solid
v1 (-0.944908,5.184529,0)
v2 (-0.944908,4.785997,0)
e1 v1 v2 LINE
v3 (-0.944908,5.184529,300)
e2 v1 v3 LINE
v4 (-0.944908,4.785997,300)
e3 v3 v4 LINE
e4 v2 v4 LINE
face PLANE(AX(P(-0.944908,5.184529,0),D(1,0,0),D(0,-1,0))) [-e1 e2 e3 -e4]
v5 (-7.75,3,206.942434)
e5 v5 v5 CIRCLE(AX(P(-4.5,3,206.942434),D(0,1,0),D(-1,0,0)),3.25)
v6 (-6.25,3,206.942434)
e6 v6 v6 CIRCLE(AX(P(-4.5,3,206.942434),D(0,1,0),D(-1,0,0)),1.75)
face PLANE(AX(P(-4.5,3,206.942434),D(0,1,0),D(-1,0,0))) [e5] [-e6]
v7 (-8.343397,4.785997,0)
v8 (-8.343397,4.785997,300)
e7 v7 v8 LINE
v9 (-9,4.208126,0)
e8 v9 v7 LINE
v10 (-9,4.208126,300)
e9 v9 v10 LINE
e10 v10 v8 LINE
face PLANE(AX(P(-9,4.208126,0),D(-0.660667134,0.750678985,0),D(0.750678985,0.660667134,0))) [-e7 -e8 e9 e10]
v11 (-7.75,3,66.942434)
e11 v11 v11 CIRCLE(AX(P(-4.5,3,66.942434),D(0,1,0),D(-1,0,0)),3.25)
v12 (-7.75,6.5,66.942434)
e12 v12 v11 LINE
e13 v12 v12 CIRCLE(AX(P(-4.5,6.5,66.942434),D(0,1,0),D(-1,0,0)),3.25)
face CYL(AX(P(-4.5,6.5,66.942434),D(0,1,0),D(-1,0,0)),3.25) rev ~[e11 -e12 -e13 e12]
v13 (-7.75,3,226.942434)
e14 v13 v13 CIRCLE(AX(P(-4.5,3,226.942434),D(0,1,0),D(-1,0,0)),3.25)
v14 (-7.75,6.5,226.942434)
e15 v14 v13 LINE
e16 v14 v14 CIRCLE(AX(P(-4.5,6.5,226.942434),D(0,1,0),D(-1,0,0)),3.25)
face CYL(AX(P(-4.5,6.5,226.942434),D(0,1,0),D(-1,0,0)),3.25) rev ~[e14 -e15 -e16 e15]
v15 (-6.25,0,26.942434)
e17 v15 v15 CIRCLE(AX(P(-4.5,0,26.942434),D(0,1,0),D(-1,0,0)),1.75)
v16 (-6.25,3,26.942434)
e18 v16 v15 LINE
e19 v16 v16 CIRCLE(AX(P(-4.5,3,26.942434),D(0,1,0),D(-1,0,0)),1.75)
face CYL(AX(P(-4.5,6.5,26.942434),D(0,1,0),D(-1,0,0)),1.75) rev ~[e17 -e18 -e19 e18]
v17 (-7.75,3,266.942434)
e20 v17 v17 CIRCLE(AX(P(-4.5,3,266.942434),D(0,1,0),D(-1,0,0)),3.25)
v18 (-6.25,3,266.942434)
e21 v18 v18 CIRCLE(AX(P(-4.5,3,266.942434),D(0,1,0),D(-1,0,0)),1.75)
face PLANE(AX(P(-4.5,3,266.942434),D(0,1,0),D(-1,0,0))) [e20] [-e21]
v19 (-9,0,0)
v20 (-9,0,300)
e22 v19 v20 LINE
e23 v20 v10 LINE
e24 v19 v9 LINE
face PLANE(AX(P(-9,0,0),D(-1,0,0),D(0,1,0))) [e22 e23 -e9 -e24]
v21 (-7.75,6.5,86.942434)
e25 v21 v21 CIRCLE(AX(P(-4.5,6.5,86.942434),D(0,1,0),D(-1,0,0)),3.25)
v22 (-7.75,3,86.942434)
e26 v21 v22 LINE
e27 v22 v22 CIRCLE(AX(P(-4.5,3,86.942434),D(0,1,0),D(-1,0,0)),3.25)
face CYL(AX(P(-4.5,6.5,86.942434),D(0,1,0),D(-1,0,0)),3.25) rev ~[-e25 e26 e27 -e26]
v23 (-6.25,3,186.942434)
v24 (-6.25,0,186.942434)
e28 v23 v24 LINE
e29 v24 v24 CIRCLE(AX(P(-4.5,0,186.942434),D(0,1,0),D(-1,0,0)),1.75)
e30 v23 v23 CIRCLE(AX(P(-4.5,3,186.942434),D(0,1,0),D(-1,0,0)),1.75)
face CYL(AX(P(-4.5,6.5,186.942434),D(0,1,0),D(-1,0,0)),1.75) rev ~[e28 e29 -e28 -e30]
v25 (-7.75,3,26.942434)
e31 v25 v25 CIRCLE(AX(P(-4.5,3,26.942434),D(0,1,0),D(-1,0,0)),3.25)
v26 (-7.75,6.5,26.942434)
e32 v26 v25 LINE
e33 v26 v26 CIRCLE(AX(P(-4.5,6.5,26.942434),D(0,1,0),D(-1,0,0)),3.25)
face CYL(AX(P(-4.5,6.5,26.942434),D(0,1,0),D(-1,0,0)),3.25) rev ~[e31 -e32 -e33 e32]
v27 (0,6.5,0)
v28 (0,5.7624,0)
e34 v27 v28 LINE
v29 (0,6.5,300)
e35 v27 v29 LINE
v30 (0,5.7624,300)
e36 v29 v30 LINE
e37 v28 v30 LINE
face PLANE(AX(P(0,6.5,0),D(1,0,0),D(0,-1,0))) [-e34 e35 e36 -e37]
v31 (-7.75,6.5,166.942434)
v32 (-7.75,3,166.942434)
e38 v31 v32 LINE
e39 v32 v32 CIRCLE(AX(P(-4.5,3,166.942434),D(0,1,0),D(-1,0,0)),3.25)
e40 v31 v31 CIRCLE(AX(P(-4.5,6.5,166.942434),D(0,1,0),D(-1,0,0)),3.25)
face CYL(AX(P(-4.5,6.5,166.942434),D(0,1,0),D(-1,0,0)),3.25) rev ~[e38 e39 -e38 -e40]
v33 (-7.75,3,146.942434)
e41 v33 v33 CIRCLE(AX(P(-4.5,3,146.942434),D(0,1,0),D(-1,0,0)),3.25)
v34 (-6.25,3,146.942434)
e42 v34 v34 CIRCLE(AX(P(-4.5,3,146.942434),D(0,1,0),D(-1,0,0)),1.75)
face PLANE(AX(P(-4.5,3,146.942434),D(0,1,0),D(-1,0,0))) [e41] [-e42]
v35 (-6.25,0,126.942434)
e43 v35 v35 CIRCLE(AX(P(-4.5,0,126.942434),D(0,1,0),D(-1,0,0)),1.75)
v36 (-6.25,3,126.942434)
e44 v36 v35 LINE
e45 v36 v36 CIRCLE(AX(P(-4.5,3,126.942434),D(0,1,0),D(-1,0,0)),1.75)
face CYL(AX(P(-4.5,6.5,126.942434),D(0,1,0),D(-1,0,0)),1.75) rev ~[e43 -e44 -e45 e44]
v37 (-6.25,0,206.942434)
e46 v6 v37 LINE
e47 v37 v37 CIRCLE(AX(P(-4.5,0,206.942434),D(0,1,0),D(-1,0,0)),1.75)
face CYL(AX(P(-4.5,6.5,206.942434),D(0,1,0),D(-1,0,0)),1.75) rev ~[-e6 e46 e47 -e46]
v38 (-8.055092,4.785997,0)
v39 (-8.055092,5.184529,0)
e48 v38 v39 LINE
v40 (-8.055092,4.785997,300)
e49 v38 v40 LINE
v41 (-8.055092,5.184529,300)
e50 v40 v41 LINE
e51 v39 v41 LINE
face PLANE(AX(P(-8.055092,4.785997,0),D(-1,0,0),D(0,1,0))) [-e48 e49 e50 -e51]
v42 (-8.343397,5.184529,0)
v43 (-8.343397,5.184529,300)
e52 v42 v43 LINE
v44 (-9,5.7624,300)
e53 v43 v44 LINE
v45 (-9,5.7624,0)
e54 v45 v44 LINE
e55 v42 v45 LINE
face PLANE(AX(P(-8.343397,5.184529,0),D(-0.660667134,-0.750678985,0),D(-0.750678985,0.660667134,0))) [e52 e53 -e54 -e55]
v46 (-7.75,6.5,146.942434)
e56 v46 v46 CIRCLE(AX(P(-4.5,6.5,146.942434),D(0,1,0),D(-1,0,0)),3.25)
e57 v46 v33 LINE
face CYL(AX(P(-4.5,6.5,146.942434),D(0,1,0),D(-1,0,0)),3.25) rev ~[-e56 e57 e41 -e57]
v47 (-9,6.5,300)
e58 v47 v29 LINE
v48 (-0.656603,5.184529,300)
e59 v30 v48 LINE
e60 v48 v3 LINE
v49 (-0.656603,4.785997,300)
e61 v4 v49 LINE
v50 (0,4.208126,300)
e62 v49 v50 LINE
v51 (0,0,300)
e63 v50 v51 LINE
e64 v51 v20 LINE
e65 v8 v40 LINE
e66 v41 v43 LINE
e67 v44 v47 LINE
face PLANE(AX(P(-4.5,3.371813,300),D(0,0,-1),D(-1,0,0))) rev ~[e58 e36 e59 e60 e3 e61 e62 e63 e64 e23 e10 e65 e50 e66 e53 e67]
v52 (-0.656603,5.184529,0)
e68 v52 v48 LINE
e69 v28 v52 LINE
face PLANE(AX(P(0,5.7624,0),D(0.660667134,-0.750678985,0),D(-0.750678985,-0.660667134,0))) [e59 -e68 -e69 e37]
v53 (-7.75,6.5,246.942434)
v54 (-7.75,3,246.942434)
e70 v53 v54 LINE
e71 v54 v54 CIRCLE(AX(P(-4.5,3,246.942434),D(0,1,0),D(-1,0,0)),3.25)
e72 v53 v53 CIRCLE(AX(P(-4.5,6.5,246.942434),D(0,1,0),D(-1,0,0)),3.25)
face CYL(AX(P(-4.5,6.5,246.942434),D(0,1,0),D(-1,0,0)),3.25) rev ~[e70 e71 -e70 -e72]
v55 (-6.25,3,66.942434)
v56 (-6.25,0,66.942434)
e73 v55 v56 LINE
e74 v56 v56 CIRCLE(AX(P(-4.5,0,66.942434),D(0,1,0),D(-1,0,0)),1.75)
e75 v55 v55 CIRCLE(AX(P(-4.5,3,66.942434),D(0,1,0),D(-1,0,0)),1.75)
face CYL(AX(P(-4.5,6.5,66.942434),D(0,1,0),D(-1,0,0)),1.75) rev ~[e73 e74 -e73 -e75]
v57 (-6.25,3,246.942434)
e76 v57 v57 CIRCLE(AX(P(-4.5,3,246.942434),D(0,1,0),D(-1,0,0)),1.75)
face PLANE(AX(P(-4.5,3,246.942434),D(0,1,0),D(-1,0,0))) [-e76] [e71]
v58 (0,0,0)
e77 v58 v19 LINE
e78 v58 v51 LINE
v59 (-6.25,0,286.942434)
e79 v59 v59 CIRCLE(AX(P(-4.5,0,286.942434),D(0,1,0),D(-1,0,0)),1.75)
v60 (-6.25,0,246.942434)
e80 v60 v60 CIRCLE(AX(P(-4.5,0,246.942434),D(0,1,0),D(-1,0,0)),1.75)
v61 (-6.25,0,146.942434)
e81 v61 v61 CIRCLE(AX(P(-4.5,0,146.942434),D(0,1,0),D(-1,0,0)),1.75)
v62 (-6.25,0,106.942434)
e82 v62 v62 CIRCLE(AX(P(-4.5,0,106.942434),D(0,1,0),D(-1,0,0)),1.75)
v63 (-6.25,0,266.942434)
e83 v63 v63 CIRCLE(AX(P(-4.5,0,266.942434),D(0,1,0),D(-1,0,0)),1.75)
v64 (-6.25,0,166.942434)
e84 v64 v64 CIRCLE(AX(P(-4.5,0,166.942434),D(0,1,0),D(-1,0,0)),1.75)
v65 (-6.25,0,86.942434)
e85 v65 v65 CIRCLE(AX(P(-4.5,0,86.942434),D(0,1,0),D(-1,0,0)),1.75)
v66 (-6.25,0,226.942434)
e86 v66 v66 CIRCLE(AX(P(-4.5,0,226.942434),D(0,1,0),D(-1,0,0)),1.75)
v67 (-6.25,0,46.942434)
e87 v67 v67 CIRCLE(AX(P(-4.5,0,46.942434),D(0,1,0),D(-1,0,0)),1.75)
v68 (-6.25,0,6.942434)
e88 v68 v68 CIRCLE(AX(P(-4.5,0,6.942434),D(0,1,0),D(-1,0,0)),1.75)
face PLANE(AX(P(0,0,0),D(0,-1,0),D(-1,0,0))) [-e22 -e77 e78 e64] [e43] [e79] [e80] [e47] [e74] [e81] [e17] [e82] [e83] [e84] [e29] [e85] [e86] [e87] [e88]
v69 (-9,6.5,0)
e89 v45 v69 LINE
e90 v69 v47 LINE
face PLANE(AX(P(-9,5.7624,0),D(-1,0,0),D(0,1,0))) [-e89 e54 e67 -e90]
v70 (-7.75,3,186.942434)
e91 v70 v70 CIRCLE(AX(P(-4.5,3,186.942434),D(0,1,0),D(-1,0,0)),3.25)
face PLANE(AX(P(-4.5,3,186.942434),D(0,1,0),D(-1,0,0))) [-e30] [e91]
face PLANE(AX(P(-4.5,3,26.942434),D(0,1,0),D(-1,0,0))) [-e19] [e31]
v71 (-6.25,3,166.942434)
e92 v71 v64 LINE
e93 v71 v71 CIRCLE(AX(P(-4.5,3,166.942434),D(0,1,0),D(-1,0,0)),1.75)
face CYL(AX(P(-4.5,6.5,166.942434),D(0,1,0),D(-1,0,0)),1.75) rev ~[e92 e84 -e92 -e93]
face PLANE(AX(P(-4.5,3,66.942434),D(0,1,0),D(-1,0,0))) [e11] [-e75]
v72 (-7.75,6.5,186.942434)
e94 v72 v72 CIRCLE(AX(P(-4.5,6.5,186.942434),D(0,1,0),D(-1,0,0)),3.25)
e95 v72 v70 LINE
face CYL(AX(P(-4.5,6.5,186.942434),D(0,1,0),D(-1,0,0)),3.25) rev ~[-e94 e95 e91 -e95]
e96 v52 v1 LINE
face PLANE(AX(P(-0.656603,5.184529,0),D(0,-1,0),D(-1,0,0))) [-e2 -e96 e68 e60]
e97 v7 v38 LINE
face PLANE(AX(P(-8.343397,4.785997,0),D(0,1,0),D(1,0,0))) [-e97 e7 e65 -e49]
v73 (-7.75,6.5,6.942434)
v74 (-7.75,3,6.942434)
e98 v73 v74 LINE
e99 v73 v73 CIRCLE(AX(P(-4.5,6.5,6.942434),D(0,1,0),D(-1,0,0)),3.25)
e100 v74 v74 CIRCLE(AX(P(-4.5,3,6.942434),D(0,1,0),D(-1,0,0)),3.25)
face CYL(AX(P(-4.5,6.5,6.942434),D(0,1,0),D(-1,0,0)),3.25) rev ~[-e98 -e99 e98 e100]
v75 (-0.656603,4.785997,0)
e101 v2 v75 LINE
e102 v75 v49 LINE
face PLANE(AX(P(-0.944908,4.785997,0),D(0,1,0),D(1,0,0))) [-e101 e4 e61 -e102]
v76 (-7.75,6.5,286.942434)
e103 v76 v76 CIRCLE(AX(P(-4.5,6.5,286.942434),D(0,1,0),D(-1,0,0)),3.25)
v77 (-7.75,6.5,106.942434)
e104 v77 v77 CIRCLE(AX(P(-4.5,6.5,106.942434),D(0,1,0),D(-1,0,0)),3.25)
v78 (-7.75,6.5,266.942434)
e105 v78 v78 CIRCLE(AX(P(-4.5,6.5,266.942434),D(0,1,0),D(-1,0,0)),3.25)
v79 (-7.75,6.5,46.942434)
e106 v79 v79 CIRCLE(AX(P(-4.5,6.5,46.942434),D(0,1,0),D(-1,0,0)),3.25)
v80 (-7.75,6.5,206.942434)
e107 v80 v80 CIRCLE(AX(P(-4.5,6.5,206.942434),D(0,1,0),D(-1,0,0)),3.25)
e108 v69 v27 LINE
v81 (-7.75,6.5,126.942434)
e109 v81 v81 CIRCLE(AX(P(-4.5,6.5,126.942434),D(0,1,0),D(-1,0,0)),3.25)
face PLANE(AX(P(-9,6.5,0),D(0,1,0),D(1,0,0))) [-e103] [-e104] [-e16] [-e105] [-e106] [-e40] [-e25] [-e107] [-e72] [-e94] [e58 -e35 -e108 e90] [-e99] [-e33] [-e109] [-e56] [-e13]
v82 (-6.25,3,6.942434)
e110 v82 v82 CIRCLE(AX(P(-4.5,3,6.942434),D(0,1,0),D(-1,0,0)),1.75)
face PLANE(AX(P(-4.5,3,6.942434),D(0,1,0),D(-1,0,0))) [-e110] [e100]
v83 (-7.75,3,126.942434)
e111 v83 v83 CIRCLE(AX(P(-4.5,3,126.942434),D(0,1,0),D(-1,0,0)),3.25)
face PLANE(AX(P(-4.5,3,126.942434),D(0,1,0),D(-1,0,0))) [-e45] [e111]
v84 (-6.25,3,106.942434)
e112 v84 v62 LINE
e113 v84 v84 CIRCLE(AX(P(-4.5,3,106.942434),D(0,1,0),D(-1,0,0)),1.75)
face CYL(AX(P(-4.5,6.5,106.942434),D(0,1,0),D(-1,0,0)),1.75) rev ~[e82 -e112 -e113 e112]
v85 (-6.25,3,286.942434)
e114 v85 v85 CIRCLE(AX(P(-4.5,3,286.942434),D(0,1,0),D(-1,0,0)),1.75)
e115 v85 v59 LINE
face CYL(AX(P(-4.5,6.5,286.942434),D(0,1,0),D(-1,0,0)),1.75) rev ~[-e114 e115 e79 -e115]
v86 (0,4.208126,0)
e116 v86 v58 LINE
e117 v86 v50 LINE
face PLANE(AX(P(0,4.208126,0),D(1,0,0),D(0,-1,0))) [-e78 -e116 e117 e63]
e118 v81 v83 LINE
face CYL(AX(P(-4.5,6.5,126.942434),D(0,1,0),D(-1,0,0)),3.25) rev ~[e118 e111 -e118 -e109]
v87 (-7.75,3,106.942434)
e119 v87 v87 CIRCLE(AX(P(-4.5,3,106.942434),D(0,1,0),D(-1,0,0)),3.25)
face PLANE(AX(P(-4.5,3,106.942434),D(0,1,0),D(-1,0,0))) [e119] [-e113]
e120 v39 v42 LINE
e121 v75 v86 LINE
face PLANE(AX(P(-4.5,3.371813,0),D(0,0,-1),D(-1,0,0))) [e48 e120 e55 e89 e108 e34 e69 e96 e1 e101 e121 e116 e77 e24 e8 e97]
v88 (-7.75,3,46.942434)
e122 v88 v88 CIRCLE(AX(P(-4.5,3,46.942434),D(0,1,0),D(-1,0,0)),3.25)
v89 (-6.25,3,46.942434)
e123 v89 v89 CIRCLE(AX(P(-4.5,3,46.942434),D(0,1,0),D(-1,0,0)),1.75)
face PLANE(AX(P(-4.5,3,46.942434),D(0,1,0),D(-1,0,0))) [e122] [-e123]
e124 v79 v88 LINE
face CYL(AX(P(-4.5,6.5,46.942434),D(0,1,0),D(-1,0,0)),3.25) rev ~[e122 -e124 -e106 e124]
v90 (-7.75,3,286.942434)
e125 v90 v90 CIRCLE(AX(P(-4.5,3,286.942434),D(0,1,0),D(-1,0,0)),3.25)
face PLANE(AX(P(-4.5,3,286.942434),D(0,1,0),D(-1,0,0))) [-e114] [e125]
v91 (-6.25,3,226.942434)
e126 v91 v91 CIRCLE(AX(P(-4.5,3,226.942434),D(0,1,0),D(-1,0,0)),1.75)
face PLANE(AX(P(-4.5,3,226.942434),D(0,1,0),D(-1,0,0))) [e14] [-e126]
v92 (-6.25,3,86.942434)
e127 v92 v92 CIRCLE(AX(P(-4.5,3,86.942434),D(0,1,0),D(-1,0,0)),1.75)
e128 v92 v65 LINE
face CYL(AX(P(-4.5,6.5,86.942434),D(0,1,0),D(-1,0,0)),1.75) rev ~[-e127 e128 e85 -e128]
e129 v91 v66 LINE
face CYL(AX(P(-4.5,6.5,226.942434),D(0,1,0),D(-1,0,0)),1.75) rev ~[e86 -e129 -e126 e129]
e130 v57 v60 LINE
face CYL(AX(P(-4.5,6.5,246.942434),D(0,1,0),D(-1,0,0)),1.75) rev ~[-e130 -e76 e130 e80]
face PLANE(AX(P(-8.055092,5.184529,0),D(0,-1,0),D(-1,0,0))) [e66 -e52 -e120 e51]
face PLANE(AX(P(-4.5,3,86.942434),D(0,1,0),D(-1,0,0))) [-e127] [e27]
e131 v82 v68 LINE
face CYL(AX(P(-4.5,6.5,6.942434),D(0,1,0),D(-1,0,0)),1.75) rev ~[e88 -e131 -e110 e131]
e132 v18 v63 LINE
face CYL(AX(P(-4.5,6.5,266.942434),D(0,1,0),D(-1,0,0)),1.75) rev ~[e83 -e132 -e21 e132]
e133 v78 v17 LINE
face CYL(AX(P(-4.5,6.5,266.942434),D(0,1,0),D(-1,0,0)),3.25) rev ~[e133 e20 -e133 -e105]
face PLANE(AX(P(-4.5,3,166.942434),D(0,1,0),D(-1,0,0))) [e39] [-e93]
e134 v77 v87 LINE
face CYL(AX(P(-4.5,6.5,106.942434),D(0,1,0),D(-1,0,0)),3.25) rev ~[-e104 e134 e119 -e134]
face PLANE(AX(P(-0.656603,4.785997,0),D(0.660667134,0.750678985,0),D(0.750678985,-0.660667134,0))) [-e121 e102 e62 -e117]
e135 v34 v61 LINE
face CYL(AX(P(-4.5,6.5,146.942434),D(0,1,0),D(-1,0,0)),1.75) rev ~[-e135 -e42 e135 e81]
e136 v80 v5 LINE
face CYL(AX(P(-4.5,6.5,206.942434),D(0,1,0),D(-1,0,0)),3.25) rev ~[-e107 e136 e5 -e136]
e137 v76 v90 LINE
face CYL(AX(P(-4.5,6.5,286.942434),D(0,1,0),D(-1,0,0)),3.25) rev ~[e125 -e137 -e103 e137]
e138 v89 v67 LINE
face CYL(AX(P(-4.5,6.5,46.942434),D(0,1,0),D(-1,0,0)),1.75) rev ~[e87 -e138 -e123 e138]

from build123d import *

# Parameters (mm, degrees)
EXTRUDE_1_DEPTH     = 300
SKETCH_2_R          = 1.75
CUT_EXTRUDE_3_DEPTH = 440
SKETCH_3_R          = 3.25
CUT_EXTRUDE_4_DEPTH = 3.5


with BuildPart() as part:
    # 草图1 → 凸台-拉伸1 (new body)
    with BuildSketch(Plane.XY):
        Polygon((0, 0), (-9, 0), (-9, 4.208125846), (-8.343397225, 4.785997189), (-8.055092033, 4.785997189), (-8.055092033, 5.184529149), (-8.343397225, 5.184529149), (-9, 5.762400492), (-9, 6.5), (0, 6.5), (0, 5.762400492), (-0.656602775, 5.184529149), (-0.944907967, 5.184529149), (-0.944907967, 4.785997189), (-0.656602775, 4.785997189), (0, 4.208125846), align=None)
    extrude(amount=EXTRUDE_1_DEPTH)

    # 草图2 → 切除-拉伸3 (cut)
    with BuildSketch(Plane(origin=(0, 6.5, 0), x_dir=(1, 0, 0), z_dir=(0, 1, 0))):
        with Locations(Location((-4.5, -6.942433545, 0), (0, 0, 180))):
            Circle(SKETCH_2_R)
        with Locations(Location((-4.5, -26.942433545, 0), (0, 0, 180))):
            Circle(SKETCH_2_R)
        with Locations(Location((-4.5, -46.942433545, 0), (0, 0, 180))):
            Circle(SKETCH_2_R)
        with Locations(Location((-4.5, -66.942433545, 0), (0, 0, 180))):
            Circle(SKETCH_2_R)
        with Locations(Location((-4.5, -86.942433545, 0), (0, 0, 180))):
            Circle(SKETCH_2_R)
        with Locations(Location((-4.5, -106.942433545, 0), (0, 0, 180))):
            Circle(SKETCH_2_R)
        with Locations(Location((-4.5, -126.942433545, 0), (0, 0, 180))):
            Circle(SKETCH_2_R)
        with Locations(Location((-4.5, -146.942433545, 0), (0, 0, 180))):
            Circle(SKETCH_2_R)
        with Locations(Location((-4.5, -166.942433545, 0), (0, 0, 180))):
            Circle(SKETCH_2_R)
        with Locations(Location((-4.5, -186.942433545, 0), (0, 0, 180))):
            Circle(SKETCH_2_R)
        with Locations(Location((-4.5, -206.942433545, 0), (0, 0, 180))):
            Circle(SKETCH_2_R)
        with Locations(Location((-4.5, -226.942433545, 0), (0, 0, 180))):
            Circle(SKETCH_2_R)
        with Locations(Location((-4.5, -246.942433545, 0), (0, 0, 180))):
            Circle(SKETCH_2_R)
        with Locations(Location((-4.5, -266.942433545, 0), (0, 0, 180))):
            Circle(SKETCH_2_R)
        with Locations(Location((-4.5, -286.942433545, 0), (0, 0, 180))):
            Circle(SKETCH_2_R)
        with Locations((-4.5, -306.942433545)):
            Circle(SKETCH_2_R)
        with Locations((-4.5, -326.942433545)):
            Circle(SKETCH_2_R)
        with Locations((-4.5, -346.942433545)):
            Circle(SKETCH_2_R)
        with Locations((-4.5, -366.942433545)):
            Circle(SKETCH_2_R)
        with Locations((-4.5, -386.942433545)):
            Circle(SKETCH_2_R)
        with Locations((-4.5, -406.942433545)):
            Circle(SKETCH_2_R)
        with Locations((-4.5, -426.942433545)):
            Circle(SKETCH_2_R)
    extrude(amount=-CUT_EXTRUDE_3_DEPTH, mode=Mode.SUBTRACT)

    # 草图3 → 切除-拉伸4 (cut)
    with BuildSketch(Plane(origin=(0, 6.5, 0), x_dir=(1, 0, 0), z_dir=(0, 1, 0))):
        with Locations(Location((-4.5, -6.942433545, 0), (0, 0, 180))):
            Circle(SKETCH_3_R)
        with Locations(Location((-4.5, -26.942433545, 0), (0, 0, 180))):
            Circle(SKETCH_3_R)
        with Locations(Location((-4.5, -46.942433545, 0), (0, 0, 180))):
            Circle(SKETCH_3_R)
        with Locations(Location((-4.5, -66.942433545, 0), (0, 0, 180))):
            Circle(SKETCH_3_R)
        with Locations(Location((-4.5, -86.942433545, 0), (0, 0, 180))):
            Circle(SKETCH_3_R)
        with Locations(Location((-4.5, -106.942433545, 0), (0, 0, 180))):
            Circle(SKETCH_3_R)
        with Locations(Location((-4.5, -126.942433545, 0), (0, 0, 180))):
            Circle(SKETCH_3_R)
        with Locations(Location((-4.5, -146.942433545, 0), (0, 0, 180))):
            Circle(SKETCH_3_R)
        with Locations(Location((-4.5, -166.942433545, 0), (0, 0, 180))):
            Circle(SKETCH_3_R)
        with Locations(Location((-4.5, -186.942433545, 0), (0, 0, 180))):
            Circle(SKETCH_3_R)
        with Locations(Location((-4.5, -206.942433545, 0), (0, 0, 180))):
            Circle(SKETCH_3_R)
        with Locations(Location((-4.5, -226.942433545, 0), (0, 0, 180))):
            Circle(SKETCH_3_R)
        with Locations(Location((-4.5, -246.942433545, 0), (0, 0, 180))):
            Circle(SKETCH_3_R)
        with Locations(Location((-4.5, -266.942433545, 0), (0, 0, 180))):
            Circle(SKETCH_3_R)
        with Locations(Location((-4.5, -286.942433545, 0), (0, 0, 180))):
            Circle(SKETCH_3_R)
        with Locations((-4.5, -306.942433545)):
            Circle(SKETCH_3_R)
        with Locations((-4.5, -326.942433545)):
            Circle(SKETCH_3_R)
        with Locations((-4.5, -346.942433545)):
            Circle(SKETCH_3_R)
        with Locations((-4.5, -366.942433545)):
            Circle(SKETCH_3_R)
        with Locations((-4.5, -386.942433545)):
            Circle(SKETCH_3_R)
        with Locations((-4.5, -406.942433545)):
            Circle(SKETCH_3_R)
        with Locations((-4.5, -426.942433545)):
            Circle(SKETCH_3_R)
        with Locations((-4.5, -446.942433545)):
            Circle(SKETCH_3_R)
        with Locations((-4.5, -466.942433545)):
            Circle(SKETCH_3_R)
        with Locations((-4.5, -486.942433545)):
            Circle(SKETCH_3_R)
        with Locations((-4.5, -506.942433545)):
            Circle(SKETCH_3_R)
        with Locations((-4.5, -526.942433545)):
            Circle(SKETCH_3_R)
        with Locations((-4.5, -546.942433545)):
            Circle(SKETCH_3_R)
        with Locations((-4.5, -566.942433545)):
            Circle(SKETCH_3_R)
        with Locations((-4.5, -586.942433545)):
            Circle(SKETCH_3_R)
        with Locations((-4.5, -606.942433545)):
            Circle(SKETCH_3_R)
    extrude(amount=-CUT_EXTRUDE_4_DEPTH, mode=Mode.SUBTRACT)


solid = part.part
